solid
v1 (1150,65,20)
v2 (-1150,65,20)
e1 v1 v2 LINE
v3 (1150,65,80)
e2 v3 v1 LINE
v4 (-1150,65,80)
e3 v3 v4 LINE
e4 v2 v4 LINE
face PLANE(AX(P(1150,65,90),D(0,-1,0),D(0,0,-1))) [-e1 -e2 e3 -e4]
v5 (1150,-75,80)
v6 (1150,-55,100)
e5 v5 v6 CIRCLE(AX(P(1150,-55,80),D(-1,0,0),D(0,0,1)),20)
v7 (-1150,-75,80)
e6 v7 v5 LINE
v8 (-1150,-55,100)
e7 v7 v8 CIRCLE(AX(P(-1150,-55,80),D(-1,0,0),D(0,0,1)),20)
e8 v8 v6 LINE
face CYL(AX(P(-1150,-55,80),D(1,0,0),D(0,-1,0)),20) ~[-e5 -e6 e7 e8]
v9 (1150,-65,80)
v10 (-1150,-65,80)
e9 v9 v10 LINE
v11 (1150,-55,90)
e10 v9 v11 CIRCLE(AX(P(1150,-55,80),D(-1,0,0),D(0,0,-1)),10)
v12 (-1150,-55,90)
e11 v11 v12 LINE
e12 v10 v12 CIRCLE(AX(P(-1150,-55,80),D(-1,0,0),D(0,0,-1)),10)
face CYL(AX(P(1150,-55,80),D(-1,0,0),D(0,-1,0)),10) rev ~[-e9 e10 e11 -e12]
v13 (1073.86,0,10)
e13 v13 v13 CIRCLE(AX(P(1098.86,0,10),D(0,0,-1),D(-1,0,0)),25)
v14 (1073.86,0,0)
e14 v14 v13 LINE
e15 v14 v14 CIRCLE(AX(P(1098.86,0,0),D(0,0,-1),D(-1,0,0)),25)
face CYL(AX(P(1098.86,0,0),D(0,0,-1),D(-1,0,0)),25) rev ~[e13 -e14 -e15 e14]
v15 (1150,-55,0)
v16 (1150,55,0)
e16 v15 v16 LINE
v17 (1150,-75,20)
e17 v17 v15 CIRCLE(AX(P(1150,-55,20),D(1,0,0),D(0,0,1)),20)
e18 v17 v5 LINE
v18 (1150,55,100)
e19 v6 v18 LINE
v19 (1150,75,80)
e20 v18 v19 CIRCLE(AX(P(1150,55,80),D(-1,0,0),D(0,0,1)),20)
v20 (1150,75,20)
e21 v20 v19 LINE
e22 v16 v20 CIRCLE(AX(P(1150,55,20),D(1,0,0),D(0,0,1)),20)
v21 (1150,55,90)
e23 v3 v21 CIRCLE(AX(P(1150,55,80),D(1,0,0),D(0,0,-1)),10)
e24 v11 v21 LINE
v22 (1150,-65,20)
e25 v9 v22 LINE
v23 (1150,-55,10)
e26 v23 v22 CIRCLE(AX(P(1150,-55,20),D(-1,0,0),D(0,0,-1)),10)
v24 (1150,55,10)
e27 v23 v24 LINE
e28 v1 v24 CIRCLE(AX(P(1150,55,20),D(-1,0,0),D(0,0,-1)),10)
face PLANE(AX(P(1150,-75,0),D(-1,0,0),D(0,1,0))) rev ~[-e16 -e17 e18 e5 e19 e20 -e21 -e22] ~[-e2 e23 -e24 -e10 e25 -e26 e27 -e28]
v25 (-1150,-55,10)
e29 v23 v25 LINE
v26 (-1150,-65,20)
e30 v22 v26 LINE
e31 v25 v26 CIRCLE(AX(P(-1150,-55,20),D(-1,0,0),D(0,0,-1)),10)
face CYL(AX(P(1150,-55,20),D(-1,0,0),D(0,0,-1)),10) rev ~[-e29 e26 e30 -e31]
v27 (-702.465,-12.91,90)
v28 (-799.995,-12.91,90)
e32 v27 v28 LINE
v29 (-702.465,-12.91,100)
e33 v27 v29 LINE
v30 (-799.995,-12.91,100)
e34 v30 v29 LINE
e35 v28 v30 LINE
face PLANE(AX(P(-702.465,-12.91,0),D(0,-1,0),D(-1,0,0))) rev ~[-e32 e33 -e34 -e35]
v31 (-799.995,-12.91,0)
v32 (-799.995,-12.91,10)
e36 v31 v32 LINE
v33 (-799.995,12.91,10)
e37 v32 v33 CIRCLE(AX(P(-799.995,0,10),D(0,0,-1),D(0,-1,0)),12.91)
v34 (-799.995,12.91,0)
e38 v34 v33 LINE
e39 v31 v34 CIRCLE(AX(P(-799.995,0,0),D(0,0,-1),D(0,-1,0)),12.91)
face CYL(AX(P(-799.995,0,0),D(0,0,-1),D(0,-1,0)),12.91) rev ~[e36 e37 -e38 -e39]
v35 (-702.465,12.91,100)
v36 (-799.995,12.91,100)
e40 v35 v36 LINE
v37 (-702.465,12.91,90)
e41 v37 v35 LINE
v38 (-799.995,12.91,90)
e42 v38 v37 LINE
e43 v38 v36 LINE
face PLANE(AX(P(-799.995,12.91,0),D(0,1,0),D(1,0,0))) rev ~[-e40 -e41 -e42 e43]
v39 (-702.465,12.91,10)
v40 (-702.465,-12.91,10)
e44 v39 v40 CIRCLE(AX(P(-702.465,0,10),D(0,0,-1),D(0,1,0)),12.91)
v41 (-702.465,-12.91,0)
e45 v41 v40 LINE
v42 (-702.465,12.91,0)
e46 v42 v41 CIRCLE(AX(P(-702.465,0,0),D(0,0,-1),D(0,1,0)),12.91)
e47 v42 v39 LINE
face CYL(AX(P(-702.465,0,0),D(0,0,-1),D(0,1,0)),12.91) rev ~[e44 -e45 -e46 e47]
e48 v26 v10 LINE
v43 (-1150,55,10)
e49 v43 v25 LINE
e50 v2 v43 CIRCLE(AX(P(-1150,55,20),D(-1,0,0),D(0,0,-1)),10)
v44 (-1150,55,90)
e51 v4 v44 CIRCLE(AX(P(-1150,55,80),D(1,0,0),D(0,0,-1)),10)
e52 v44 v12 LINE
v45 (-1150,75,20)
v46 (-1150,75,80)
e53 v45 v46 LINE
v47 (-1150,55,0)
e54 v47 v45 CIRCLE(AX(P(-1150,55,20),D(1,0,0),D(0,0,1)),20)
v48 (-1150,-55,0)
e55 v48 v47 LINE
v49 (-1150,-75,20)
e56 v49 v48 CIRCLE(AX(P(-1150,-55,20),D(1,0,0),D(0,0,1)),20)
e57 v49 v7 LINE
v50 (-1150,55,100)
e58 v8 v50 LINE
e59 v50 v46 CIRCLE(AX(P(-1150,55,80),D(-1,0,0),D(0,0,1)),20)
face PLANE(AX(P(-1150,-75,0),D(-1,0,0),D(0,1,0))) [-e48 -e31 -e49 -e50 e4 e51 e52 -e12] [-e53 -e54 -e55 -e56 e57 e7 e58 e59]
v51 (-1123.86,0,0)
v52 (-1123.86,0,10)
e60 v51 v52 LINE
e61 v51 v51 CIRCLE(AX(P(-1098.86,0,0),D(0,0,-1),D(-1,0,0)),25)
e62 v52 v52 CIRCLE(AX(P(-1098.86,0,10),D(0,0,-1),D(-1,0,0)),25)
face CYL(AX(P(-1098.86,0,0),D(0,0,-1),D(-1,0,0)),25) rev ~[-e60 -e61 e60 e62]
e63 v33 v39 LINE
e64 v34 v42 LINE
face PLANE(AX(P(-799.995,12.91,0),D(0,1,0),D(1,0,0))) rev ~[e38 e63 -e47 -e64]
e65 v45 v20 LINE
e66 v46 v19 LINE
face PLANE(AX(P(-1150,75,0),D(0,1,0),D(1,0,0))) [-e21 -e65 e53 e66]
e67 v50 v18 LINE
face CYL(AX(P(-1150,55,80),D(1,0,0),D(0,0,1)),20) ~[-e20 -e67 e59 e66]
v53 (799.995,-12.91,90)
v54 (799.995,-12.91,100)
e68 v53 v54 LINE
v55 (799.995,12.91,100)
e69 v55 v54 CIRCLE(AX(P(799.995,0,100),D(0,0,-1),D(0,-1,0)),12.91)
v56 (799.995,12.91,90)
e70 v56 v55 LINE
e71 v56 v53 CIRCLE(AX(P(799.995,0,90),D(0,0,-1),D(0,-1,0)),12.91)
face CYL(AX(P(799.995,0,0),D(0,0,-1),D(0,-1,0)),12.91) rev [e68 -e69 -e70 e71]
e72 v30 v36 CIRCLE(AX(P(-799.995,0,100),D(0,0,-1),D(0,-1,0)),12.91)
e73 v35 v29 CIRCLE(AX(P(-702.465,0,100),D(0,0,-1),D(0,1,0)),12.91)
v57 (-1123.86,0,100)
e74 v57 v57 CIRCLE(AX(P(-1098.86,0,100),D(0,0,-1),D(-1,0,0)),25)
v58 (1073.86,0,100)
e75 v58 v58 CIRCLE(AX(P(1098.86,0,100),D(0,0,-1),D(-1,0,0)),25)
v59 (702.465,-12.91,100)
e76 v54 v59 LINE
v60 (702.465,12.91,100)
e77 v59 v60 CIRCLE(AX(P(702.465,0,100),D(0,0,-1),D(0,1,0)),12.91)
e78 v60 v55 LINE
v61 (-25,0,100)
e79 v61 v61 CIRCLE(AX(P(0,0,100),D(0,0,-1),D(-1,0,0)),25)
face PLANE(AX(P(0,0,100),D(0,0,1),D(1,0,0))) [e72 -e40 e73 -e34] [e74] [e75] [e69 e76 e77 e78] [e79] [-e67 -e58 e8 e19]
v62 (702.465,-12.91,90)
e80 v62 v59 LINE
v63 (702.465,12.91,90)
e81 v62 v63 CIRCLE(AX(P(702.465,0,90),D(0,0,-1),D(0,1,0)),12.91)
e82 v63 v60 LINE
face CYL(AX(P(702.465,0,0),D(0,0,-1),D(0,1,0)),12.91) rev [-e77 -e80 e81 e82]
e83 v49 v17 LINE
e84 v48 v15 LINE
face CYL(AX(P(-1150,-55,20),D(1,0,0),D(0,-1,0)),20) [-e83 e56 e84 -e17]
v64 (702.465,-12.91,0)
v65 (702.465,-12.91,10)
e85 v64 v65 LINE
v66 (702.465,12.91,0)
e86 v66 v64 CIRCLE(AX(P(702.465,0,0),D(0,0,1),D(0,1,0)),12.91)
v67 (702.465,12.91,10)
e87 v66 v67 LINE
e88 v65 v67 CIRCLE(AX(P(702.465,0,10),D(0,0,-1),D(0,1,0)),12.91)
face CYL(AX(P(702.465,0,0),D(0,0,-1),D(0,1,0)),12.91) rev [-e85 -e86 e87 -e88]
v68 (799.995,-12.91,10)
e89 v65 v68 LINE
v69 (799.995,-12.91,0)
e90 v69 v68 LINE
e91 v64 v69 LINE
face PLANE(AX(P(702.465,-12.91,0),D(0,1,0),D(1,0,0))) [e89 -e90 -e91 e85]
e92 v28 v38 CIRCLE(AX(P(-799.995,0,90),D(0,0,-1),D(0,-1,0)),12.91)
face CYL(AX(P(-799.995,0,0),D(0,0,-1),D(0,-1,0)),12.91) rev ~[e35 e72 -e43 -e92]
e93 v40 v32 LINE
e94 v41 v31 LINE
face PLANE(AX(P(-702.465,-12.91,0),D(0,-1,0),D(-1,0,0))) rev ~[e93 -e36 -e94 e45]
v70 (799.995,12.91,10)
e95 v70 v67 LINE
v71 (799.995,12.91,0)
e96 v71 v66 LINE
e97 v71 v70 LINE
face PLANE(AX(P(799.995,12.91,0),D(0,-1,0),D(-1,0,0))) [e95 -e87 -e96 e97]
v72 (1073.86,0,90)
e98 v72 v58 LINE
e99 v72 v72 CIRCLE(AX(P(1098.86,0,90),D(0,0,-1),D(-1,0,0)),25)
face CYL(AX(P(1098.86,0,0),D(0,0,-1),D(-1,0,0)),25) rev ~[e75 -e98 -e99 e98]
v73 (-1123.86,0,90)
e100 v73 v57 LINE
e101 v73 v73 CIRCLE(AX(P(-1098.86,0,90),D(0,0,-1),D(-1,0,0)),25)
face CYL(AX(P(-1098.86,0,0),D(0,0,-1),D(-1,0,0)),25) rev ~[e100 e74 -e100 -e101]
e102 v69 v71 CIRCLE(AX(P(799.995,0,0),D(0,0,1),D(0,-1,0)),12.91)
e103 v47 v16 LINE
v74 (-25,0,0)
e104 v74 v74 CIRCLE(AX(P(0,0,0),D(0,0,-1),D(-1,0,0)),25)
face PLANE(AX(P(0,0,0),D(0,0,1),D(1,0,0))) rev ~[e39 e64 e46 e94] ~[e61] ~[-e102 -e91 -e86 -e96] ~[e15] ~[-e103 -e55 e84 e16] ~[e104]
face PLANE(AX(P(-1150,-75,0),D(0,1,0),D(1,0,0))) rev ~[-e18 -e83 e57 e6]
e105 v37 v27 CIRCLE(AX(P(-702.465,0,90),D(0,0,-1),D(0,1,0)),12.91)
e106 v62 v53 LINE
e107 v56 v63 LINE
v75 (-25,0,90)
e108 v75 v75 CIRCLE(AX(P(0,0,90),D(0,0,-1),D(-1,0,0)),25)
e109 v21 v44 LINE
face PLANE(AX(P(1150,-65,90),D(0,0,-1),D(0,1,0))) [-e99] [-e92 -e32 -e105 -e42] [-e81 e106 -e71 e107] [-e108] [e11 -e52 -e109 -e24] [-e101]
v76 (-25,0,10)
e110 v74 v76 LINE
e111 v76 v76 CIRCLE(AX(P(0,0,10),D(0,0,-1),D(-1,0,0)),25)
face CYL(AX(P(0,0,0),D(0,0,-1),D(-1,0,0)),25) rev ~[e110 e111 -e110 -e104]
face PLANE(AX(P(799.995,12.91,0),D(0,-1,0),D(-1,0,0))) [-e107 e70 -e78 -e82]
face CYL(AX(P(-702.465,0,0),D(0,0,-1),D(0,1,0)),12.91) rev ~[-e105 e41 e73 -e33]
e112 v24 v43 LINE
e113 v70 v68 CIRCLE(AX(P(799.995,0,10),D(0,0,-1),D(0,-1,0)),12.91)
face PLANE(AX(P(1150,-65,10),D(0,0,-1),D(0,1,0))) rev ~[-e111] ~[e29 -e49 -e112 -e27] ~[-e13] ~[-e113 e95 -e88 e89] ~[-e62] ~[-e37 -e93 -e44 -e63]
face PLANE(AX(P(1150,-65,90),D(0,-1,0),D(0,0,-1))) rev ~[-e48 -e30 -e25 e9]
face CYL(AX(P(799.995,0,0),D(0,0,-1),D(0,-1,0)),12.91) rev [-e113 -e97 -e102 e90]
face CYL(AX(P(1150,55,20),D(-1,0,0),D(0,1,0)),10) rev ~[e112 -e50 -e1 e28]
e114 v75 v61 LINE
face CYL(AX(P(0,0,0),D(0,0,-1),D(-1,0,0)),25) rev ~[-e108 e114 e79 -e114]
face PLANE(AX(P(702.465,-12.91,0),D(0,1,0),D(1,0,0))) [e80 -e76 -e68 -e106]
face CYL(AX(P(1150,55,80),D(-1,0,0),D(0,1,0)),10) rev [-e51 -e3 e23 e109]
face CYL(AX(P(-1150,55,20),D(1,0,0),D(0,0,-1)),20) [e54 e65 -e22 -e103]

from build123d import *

# Parameters (mm, degrees)
SKETCH1_W           = 2300
SKETCH1_H           = 150
BOSS_EXTRUDE1_DEPTH = 100
SKETCH2_W           = 80
SKETCH2_H           = 130
CUT_EXTRUDE1_DEPTH  = 2304.394234602
FILLET1_R           = 10
FILLET2_R           = 20
SKETCH3_R           = 25
CUT_EXTRUDE2_DEPTH  = 1157.773530126
CUT_EXTRUDE3_DEPTH  = 1157.773530126


with BuildPart() as part:
    # Sketch1 → Boss-Extrude1 (new body)
    with BuildSketch(Plane.XY):
        Rectangle(SKETCH1_W, SKETCH1_H)
    extrude(amount=BOSS_EXTRUDE1_DEPTH)

    # Sketch2 → Cut-Extrude1 (cut, through all)
    with BuildSketch(Plane(origin=(1150, 0, 0), x_dir=(0, 0, -1), z_dir=(1, 0, 0))):
        with Locations((-50, 0)):
            Rectangle(SKETCH2_W, SKETCH2_H)
    extrude(amount=-CUT_EXTRUDE1_DEPTH, mode=Mode.SUBTRACT)

    # Fillet1
    fillet1_edges = [part.edges().sort_by_distance(p)[0] for p in [
        (0, 65, 90),
        (0, 65, 10),
        (0, -65, 10),
        (0, -65, 90),
    ]]
    fillet(fillet1_edges, radius=FILLET1_R)

    # Fillet2
    fillet2_edges = [part.edges().sort_by_distance(p)[0] for p in [
        (0, -75, 100),
        (0, -75, 0),
        (0, 75, 0),
        (0, 75, 100),
    ]]
    fillet(fillet2_edges, radius=FILLET2_R)

    # Sketch3 → Cut-Extrude2 (cut, through all)
    with BuildSketch(Plane(origin=(0, 0, 0), x_dir=(-1, 0, 0), z_dir=(0, 0, -1))):
        Circle(SKETCH3_R)
        with Locations((-1098.86, 0)):
            Circle(SKETCH3_R)
        with Locations((1098.86, 0)):
            Circle(SKETCH3_R)
    extrude(amount=-CUT_EXTRUDE2_DEPTH, mode=Mode.SUBTRACT)

    # Sketch4 → Cut-Extrude3 (cut, through all)
    with BuildSketch(Plane(origin=(0, 0, 0), x_dir=(-1, 0, 0), z_dir=(0, 0, -1))):
        with BuildLine():
            Line((-799.995, 12.91), (-702.465, 12.91))
            ThreePointArc((-702.465, 12.91), (-689.555, 0), (-702.465, -12.91))
            Line((-702.465, -12.91), (-799.995, -12.91))
            ThreePointArc((-799.995, -12.91), (-812.905, 0), (-799.995, 12.91))
        make_face()
        with BuildLine():
            Line((799.995, 12.91), (702.465, 12.91))
            ThreePointArc((702.465, 12.91), (689.555, 0), (702.465, -12.91))
            Line((702.465, -12.91), (799.995, -12.91))
            ThreePointArc((799.995, -12.91), (812.905, 0), (799.995, 12.91))
        make_face()
    extrude(amount=-CUT_EXTRUDE3_DEPTH, mode=Mode.SUBTRACT)


solid = part.part
